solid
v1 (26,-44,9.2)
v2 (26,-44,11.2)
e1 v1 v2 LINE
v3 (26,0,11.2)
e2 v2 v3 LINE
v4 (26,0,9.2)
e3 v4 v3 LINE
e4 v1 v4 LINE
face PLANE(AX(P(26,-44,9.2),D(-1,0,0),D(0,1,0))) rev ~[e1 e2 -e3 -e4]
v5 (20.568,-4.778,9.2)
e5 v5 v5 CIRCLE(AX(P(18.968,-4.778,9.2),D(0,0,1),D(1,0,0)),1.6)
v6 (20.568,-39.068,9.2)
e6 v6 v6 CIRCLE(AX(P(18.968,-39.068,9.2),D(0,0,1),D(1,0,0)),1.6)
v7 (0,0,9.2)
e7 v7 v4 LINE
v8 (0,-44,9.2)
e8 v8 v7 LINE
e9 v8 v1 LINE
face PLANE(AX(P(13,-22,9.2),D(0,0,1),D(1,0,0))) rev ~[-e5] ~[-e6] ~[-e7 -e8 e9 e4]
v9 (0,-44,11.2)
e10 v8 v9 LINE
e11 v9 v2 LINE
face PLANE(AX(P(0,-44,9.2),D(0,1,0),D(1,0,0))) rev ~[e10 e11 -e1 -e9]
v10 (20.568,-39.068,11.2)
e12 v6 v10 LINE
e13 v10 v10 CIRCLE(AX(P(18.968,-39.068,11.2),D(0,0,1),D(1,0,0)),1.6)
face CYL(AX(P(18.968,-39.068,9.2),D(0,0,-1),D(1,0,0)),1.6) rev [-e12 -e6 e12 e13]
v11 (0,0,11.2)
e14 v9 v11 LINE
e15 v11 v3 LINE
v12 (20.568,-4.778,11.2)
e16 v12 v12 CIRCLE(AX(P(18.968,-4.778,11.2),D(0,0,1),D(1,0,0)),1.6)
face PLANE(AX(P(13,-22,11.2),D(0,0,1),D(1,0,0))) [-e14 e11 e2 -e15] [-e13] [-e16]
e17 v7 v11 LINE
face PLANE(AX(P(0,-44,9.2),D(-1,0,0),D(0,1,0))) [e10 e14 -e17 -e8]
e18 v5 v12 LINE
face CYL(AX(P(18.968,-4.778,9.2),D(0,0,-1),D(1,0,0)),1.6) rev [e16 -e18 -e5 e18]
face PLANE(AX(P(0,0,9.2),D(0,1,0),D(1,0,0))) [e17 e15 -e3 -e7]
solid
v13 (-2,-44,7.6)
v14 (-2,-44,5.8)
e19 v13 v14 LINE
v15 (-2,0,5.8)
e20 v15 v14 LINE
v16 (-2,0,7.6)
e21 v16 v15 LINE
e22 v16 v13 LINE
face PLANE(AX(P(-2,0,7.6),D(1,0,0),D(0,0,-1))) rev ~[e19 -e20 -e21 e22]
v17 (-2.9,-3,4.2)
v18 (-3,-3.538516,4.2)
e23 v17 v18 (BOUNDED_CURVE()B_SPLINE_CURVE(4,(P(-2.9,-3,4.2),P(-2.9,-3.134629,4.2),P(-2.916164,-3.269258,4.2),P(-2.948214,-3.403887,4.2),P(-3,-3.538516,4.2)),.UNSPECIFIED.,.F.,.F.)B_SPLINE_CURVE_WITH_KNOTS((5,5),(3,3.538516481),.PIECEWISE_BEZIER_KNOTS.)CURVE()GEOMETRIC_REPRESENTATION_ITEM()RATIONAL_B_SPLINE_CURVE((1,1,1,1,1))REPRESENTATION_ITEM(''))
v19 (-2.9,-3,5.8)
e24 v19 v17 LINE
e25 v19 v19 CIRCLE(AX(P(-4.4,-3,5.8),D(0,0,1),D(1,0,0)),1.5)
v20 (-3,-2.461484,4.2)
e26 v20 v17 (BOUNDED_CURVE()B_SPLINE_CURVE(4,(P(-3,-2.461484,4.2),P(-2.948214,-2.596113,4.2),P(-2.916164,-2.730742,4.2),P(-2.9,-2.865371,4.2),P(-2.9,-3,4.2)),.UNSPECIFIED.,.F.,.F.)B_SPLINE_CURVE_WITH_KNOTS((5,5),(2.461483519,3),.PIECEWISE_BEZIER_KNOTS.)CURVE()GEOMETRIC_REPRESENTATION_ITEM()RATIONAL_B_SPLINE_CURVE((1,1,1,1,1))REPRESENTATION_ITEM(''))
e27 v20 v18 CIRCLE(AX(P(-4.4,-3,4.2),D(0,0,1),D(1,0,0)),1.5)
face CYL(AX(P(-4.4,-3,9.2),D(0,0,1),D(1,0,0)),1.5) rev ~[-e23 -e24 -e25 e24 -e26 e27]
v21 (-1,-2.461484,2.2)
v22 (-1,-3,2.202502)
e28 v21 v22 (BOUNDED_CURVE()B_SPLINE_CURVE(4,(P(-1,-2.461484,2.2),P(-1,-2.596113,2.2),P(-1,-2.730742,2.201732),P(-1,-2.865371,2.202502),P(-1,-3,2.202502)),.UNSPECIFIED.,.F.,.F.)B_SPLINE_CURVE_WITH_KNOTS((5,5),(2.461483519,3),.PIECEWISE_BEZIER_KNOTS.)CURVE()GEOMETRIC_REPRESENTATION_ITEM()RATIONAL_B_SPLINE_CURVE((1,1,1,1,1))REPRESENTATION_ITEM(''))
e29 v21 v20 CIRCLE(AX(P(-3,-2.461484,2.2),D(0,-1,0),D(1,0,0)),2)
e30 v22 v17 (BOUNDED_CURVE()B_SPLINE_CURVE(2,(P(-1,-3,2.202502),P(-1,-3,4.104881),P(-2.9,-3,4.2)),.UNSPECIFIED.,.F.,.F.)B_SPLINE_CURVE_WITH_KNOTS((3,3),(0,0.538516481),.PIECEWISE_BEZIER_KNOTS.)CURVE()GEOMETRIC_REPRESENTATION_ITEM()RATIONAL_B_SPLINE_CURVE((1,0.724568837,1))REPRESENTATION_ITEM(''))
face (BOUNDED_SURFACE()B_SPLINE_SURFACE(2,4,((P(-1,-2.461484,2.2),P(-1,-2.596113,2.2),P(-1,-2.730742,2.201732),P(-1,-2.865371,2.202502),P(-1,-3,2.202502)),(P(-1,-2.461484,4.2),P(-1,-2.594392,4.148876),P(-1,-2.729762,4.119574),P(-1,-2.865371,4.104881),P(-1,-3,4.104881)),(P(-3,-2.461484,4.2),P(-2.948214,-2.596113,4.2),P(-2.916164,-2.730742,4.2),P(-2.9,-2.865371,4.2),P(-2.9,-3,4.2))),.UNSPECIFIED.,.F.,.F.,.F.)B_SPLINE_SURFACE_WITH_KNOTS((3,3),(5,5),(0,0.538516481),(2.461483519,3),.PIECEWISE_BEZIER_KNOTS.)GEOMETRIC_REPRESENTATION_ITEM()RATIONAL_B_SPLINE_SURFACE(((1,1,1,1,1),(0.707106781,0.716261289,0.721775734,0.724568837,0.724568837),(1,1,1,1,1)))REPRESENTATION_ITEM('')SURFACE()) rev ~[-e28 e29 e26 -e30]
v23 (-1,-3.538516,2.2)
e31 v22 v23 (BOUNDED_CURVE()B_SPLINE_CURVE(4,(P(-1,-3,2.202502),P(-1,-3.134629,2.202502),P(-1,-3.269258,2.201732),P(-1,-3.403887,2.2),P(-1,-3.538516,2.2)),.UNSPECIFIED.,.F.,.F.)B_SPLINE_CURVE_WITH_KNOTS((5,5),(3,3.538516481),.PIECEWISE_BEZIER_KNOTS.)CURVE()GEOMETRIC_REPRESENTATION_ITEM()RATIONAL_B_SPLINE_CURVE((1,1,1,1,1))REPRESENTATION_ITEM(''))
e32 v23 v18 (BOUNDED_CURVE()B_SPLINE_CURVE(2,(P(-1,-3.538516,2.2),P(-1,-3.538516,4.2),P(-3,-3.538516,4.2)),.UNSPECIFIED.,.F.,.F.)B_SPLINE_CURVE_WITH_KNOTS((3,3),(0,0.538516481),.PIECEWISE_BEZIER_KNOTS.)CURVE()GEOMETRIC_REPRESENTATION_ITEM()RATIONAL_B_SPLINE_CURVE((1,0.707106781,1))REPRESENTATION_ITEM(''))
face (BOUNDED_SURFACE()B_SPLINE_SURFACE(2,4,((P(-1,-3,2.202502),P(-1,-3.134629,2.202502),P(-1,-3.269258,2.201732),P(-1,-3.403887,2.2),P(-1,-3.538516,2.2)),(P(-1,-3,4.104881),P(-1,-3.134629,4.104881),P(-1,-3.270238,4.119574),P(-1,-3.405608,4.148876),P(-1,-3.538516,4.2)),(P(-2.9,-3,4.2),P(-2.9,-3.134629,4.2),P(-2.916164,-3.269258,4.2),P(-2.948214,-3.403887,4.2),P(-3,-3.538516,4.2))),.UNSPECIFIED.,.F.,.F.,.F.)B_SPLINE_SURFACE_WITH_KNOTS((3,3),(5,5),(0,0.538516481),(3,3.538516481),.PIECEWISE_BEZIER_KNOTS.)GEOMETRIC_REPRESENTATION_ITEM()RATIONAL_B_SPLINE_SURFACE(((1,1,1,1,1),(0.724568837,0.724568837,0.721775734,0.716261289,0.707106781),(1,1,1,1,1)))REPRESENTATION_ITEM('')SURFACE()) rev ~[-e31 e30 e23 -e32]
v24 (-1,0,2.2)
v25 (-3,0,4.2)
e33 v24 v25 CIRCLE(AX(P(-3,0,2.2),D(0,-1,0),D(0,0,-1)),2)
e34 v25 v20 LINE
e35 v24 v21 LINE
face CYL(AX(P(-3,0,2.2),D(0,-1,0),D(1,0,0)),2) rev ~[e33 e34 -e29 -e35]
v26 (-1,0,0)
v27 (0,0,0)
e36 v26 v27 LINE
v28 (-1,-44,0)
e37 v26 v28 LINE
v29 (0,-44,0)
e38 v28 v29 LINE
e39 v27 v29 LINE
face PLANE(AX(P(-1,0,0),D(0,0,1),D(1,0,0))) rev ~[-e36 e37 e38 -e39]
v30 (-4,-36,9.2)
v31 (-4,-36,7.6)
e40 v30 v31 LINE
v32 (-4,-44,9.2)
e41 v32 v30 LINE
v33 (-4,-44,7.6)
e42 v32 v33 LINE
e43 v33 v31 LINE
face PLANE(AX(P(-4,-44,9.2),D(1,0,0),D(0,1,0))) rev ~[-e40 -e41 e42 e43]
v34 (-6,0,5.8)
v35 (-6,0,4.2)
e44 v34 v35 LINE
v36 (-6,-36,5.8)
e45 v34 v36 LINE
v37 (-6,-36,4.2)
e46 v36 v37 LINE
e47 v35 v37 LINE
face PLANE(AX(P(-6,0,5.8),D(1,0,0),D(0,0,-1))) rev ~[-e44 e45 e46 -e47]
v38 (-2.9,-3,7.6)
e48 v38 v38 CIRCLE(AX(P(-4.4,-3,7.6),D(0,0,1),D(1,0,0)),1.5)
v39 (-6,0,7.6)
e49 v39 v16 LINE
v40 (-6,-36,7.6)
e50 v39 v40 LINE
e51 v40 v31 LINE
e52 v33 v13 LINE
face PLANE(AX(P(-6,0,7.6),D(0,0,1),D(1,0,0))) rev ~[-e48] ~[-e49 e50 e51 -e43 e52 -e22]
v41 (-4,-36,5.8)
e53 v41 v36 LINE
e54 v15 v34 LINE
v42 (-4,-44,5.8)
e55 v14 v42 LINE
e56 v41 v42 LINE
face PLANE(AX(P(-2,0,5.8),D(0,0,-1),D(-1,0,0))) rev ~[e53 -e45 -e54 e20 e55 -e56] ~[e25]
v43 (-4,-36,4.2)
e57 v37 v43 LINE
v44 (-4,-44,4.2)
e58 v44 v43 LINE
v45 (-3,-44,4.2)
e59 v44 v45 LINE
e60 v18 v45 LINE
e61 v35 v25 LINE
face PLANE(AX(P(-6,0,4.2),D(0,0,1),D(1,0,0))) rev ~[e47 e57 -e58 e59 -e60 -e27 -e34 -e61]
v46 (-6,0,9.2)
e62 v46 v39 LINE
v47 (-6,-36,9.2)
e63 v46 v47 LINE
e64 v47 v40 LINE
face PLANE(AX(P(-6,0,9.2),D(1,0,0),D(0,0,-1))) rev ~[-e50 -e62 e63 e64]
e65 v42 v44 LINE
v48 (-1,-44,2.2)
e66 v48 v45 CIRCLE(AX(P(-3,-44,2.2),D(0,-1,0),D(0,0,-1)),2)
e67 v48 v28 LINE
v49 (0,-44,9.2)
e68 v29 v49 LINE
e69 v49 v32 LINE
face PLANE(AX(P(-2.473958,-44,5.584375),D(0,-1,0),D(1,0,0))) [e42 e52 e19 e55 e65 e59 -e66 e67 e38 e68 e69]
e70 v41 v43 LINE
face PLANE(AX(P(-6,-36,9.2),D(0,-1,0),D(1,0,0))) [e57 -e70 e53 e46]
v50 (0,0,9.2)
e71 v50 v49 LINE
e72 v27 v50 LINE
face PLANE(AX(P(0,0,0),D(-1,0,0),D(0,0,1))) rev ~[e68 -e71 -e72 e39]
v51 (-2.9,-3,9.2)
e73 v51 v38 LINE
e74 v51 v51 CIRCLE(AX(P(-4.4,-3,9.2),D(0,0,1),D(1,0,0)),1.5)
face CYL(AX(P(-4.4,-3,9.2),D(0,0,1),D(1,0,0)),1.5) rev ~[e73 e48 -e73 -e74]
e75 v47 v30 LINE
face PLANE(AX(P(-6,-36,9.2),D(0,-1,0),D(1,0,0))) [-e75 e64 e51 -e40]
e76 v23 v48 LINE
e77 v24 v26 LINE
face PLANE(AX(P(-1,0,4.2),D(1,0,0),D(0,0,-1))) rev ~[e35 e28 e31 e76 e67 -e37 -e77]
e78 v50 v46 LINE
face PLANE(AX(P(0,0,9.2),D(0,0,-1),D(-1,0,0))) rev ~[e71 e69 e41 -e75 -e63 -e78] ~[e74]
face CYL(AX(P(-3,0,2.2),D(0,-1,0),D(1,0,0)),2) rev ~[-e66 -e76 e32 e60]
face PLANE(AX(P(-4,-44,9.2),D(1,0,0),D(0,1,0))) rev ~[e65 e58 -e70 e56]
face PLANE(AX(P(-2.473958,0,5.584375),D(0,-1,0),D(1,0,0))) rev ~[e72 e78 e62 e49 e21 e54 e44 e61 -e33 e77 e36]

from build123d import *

# Parameters (mm, degrees)
F1_DEPTH = 44
F2_R     = 1.5
F3_DEPTH = 9.201
F4_W     = 2
F4_H     = 8
F5_DEPTH = 9.201
F6_R     = 2
F7_W     = 26
F7_H     = 44
F7_R     = 1.6
F8_DEPTH = 2


with BuildPart() as f1:
    # F0 (on Front) → F1 (new body)
    with BuildSketch(Plane.XZ):
        Polygon((-1, 0), (0, 0), (0, 9.2), (-6, 9.2), (-6, 7.6), (-2, 7.6), (-2, 5.8), (-6, 5.8), (-6, 4.2), (-1, 4.2), align=None)
    extrude(amount=F1_DEPTH)

    # F2 (on face) → F3 (cut, through all)
    with BuildSketch(Plane.XY.offset(9.2)):
        with Locations((-4.4, -3)):
            Circle(F2_R)
    extrude(amount=-F3_DEPTH, mode=Mode.SUBTRACT)

    # F4 (on face) → F5 (cut, through all)
    with BuildSketch(Plane.XY.offset(9.2)):
        with Locations((-5, -40)):
            Rectangle(F4_W, F4_H)
    extrude(amount=-F5_DEPTH, mode=Mode.SUBTRACT)

    # F6
    f6_edges = [f1.edges().sort_by_distance(p)[0] for p in [
        (-1, -22, 4.2),
    ]]
    fillet(f6_edges, radius=F6_R)


with BuildPart() as f8:
    # F7 (on face) → F8 (new body)
    with BuildSketch(Plane.XY.offset(9.2)):
        with Locations((13, -22)):
            Rectangle(F7_W, F7_H)
        with Locations((18.968, -39.068)):
            Circle(F7_R, mode=Mode.SUBTRACT)
        with Locations((18.968, -4.778)):
            Circle(F7_R, mode=Mode.SUBTRACT)
    extrude(amount=F8_DEPTH)


solid = Compound([f1.part, f8.part])
